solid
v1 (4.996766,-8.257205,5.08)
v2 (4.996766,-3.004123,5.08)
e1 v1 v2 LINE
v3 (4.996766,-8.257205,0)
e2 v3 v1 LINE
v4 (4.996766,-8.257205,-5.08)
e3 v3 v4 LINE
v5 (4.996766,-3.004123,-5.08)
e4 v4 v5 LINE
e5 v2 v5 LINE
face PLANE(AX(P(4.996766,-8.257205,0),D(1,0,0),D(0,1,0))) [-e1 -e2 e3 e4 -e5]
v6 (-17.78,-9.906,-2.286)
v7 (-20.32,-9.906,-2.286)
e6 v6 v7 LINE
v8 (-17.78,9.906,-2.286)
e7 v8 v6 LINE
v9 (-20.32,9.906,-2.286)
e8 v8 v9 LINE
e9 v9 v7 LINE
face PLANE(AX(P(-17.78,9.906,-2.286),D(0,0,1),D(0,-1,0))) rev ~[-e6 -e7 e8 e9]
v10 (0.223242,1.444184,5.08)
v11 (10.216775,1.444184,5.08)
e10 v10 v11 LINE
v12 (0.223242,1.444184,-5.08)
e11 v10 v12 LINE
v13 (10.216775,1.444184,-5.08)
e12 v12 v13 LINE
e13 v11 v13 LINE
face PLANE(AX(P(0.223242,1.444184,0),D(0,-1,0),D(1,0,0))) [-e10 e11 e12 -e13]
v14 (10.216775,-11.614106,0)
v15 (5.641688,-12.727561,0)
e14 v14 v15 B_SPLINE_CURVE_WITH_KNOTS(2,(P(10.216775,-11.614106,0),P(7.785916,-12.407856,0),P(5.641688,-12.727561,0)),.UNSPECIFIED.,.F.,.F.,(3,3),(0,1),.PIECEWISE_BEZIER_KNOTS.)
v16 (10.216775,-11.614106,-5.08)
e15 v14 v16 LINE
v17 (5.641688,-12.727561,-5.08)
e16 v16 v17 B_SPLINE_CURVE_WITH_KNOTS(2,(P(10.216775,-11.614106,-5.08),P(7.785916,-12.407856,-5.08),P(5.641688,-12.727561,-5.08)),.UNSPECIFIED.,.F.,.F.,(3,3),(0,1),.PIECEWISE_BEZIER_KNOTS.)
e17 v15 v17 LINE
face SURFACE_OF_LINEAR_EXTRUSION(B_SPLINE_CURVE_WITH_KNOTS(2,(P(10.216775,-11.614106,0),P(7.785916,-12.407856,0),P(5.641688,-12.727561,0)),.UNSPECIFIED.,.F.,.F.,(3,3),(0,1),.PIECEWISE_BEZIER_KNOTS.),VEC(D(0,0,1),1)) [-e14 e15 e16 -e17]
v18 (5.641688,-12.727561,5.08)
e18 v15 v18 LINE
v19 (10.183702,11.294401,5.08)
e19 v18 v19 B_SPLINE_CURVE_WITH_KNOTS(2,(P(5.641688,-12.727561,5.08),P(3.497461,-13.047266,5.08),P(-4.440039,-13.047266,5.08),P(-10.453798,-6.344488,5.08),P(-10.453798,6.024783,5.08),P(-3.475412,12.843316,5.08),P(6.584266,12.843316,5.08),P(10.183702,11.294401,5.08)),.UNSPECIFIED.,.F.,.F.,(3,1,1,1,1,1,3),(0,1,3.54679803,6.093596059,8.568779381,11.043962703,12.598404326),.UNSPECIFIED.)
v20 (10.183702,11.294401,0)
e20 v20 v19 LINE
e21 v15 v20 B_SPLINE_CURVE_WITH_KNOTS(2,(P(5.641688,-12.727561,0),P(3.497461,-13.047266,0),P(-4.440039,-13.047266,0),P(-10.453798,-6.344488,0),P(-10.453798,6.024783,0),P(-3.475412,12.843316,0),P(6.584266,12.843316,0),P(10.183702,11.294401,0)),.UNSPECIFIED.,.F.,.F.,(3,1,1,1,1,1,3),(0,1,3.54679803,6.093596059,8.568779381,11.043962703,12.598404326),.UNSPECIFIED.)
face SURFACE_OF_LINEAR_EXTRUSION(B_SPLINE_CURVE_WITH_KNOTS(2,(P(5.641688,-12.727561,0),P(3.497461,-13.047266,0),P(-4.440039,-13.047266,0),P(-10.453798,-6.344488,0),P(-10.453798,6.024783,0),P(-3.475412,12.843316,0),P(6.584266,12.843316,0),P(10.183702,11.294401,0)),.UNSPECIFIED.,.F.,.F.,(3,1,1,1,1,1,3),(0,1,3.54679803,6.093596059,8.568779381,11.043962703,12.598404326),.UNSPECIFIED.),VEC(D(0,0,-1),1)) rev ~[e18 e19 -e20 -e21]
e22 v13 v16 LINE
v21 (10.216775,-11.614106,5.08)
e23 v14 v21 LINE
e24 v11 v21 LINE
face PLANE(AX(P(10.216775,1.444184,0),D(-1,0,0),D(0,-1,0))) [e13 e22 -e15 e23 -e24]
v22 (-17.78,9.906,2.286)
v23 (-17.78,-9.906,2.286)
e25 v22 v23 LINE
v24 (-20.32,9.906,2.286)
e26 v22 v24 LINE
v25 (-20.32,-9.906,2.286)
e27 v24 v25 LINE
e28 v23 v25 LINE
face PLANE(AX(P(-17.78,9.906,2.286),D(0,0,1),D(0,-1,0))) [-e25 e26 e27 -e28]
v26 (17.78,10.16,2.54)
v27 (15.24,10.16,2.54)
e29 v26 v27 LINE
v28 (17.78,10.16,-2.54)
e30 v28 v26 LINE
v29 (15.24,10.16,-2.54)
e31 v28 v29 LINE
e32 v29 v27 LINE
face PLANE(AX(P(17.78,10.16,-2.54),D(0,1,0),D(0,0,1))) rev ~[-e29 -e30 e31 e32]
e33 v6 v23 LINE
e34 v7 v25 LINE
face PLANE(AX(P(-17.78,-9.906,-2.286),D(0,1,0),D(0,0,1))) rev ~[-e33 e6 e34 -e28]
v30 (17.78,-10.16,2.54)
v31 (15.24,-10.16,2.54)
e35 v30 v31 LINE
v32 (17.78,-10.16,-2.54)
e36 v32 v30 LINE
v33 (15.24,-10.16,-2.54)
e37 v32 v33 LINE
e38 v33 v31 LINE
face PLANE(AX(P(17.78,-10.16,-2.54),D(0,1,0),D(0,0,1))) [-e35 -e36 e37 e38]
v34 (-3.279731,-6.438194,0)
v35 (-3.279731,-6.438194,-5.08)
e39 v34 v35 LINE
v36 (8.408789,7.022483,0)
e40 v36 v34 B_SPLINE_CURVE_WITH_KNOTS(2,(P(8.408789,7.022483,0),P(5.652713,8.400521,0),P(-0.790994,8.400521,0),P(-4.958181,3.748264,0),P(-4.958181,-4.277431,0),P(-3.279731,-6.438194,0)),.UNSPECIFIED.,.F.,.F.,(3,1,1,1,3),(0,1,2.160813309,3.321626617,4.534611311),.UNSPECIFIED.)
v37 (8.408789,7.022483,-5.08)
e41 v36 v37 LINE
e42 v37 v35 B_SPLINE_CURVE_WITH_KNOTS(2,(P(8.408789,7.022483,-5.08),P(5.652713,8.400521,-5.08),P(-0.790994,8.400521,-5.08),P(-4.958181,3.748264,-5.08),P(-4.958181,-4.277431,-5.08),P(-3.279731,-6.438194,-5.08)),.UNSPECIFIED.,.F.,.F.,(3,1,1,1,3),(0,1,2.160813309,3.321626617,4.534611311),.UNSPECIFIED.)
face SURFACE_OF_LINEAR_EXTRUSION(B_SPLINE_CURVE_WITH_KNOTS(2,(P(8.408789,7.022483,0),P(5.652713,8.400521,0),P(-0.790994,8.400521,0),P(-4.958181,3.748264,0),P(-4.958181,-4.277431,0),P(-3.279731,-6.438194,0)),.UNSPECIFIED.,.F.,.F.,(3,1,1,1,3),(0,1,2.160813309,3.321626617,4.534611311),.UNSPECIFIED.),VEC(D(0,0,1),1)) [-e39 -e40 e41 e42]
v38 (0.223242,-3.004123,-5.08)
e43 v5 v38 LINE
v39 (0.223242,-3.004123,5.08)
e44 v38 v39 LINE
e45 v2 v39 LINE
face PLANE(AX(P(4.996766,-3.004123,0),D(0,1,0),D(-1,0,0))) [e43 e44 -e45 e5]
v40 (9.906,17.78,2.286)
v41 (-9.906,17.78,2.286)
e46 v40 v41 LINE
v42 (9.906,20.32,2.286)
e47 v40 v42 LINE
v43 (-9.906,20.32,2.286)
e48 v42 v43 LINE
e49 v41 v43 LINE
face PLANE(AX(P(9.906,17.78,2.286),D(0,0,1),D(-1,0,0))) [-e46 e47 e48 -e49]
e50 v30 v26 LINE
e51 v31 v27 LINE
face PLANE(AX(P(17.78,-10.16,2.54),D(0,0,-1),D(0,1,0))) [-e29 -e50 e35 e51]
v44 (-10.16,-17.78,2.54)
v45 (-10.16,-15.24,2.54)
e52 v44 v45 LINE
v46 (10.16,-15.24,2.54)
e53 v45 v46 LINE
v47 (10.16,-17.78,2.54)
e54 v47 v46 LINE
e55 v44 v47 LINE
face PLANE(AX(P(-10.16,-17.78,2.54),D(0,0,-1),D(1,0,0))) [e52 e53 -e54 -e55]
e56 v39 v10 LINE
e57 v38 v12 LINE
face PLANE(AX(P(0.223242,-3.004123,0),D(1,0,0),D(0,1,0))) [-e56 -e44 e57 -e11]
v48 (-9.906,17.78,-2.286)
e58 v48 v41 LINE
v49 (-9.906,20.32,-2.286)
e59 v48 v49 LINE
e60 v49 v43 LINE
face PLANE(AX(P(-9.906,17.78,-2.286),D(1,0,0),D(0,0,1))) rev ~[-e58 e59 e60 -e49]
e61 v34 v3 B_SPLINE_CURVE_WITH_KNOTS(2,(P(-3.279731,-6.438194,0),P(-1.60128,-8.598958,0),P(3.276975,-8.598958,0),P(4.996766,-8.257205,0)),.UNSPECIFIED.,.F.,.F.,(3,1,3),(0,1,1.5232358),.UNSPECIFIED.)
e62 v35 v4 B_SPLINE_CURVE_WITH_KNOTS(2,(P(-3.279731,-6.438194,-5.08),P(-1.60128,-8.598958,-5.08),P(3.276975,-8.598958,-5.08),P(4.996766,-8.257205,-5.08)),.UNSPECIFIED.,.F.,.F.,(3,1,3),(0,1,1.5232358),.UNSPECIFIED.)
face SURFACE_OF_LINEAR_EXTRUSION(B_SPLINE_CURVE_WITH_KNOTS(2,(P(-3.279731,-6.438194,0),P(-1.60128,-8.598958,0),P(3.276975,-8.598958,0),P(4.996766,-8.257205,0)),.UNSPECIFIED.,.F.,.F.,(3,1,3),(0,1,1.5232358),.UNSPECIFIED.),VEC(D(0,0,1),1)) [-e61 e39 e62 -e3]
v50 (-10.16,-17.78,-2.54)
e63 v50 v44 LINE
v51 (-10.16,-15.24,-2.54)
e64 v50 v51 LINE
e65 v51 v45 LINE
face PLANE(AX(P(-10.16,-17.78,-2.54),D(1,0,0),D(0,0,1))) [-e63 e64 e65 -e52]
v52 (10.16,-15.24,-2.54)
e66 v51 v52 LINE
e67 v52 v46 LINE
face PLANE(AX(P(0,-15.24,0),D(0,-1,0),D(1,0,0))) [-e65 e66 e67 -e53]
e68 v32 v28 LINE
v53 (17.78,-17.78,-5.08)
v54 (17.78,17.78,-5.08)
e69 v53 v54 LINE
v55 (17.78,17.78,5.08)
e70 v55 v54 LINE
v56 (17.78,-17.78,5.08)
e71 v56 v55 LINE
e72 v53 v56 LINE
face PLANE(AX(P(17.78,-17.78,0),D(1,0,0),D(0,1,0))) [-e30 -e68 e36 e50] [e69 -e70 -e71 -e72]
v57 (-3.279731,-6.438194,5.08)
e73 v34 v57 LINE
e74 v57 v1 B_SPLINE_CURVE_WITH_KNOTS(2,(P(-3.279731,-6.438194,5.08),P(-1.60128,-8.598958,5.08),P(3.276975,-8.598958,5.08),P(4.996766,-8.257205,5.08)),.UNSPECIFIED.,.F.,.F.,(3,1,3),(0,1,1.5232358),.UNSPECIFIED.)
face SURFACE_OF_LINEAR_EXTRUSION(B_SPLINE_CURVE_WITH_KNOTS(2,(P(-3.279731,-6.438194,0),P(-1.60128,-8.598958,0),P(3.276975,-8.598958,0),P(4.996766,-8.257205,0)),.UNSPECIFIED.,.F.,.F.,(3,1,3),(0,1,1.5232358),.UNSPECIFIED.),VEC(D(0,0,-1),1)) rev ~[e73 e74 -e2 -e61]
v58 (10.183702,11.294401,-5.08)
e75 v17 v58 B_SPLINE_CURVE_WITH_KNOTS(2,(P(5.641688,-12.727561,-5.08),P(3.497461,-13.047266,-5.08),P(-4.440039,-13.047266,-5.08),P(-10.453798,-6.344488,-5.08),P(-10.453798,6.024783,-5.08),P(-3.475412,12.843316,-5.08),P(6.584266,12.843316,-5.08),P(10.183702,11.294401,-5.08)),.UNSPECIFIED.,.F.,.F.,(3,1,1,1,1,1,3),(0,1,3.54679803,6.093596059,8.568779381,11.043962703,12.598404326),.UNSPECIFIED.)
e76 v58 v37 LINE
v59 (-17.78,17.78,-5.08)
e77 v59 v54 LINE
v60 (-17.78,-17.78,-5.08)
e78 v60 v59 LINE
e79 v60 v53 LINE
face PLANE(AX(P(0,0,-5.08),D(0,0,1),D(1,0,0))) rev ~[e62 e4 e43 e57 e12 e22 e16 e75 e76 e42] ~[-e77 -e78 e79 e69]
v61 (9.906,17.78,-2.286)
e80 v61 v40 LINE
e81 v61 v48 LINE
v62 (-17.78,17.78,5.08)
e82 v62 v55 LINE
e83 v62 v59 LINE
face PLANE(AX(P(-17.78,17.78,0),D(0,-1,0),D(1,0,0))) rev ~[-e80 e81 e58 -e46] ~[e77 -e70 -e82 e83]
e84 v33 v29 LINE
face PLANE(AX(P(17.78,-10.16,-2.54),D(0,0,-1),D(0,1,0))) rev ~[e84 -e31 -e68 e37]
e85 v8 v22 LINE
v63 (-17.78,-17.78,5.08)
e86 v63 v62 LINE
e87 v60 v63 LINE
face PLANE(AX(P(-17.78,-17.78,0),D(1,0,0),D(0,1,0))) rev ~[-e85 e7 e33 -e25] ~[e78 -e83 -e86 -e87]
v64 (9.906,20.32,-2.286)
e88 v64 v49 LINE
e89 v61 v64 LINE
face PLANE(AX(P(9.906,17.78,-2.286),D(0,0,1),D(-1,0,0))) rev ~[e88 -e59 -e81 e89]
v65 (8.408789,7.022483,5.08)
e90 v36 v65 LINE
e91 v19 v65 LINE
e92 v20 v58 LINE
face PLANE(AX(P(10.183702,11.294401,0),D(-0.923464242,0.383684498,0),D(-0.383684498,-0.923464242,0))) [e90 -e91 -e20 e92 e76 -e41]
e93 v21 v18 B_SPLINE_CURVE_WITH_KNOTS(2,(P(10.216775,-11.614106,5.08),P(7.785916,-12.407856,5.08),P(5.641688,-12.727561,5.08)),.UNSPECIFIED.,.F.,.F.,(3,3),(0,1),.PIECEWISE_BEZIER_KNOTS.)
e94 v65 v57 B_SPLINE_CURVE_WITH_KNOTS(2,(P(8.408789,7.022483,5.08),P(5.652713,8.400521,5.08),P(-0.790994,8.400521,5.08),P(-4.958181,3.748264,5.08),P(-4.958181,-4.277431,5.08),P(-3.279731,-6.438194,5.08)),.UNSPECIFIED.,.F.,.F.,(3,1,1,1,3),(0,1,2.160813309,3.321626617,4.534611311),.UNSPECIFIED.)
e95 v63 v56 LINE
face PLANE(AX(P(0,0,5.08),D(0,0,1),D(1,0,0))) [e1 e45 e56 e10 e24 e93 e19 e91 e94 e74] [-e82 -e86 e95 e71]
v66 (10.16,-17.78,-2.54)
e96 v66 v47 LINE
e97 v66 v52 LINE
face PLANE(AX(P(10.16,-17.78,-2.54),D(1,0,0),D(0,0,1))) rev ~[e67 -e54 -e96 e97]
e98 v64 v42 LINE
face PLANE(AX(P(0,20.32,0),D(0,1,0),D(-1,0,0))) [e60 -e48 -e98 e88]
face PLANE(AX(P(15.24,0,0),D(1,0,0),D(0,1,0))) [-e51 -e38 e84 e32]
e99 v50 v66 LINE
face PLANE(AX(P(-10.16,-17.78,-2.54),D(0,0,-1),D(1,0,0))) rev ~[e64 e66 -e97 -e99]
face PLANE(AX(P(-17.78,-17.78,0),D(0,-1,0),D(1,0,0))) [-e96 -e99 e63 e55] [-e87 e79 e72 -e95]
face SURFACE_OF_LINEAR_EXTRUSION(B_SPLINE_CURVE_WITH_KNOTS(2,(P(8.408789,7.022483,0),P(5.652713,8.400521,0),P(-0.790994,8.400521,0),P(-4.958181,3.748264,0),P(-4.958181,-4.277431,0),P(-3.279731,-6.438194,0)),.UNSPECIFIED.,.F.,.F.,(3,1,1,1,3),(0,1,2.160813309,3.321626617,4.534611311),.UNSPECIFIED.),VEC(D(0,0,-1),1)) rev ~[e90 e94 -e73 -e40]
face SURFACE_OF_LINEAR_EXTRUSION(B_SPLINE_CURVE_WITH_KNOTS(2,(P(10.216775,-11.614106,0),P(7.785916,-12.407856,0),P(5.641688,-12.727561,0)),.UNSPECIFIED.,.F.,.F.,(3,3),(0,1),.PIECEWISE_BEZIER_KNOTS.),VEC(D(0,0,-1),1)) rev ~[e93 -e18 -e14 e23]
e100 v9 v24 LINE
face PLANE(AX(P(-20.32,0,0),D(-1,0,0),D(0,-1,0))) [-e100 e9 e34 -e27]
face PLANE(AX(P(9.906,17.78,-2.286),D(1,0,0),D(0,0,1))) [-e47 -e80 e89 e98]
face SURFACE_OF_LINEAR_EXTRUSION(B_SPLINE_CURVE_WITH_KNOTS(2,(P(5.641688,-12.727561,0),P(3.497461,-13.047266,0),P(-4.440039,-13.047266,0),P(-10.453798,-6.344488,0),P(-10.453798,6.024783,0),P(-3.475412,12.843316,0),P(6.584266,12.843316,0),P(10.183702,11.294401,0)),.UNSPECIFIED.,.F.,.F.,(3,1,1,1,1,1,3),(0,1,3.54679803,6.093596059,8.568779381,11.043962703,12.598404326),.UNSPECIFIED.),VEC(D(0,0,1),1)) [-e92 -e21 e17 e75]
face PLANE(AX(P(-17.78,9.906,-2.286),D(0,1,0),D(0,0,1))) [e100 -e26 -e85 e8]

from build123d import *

# Parameters (mm, degrees)
F0_W     = 35.56
F0_H     = 35.56
F1_DEPTH = 5.08
F2_W     = 19.812
F2_H     = 4.572
F3_DEPTH = 2.54
F4_W     = 19.812
F4_H     = 4.572
F5_DEPTH = 2.54
F6_W     = 20.32
F6_H     = 5.08
F7_DEPTH = 2.54
F8_W     = 20.32
F8_H     = 5.08
F9_DEPTH = 2.54


with BuildPart() as f1:
    # F0 (on Top) → F1 (new body, symmetric)
    with BuildSketch(Plane.XY):
        Rectangle(F0_W, F0_H)
        with BuildLine():
            Line((0.2232421875, -3.0041232639), (0.2232421875, 1.4441840278))
            Line((0.2232421875, 1.4441840278), (10.2167751736, 1.4441840278))
            Line((10.2167751736, 1.4441840278), (10.2167751736, -11.6141059028))
            add(Edge.make_bspline(
                [(10.2167751736, -11.6141059028), (7.7859157986, -12.4078559028), (5.6416883681, -12.7275607639)],
                knots=[0, 0, 0, 1, 1, 1], degree=2))
            add(Edge.make_bspline(
                [(5.6416883681, -12.7275607639), (3.4974609375, -13.047265625), (1.2595269097, -13.047265625)],
                knots=[0, 0, 0, 1, 1, 1], degree=2))
            add(Edge.make_bspline(
                [(1.2595269097, -13.047265625), (-4.4400390625, -13.047265625), (-7.4469184028, -9.6958767361)],
                knots=[0, 0, 0, 1, 1, 1], degree=2))
            add(Edge.make_bspline(
                [(-7.4469184028, -9.6958767361), (-10.4537977431, -6.3444878472), (-10.4537977431, -0.0716579861)],
                knots=[0, 0, 0, 1, 1, 1], degree=2))
            add(Edge.make_bspline(
                [(-10.4537977431, -0.0716579861), (-10.4537977431, 6.0247829861), (-6.9646050347, 9.4340494792)],
                knots=[0, 0, 0, 1, 1, 1], degree=2))
            add(Edge.make_bspline(
                [(-6.9646050347, 9.4340494792), (-3.4754123264, 12.8433159722), (2.7037109375, 12.8433159722)],
                knots=[0, 0, 0, 1, 1, 1], degree=2))
            add(Edge.make_bspline(
                [(2.7037109375, 12.8433159722), (6.5842664931, 12.8433159722), (10.1837022569, 11.2944010417)],
                knots=[0, 0, 0, 1, 1, 1], degree=2))
            Line((10.1837022569, 11.2944010417), (8.4087890625, 7.0224826389))
            add(Edge.make_bspline(
                [(8.4087890625, 7.0224826389), (5.6527126736, 8.4005208333), (2.6706380208, 8.4005208333)],
                knots=[0, 0, 0, 1, 1, 1], degree=2))
            add(Edge.make_bspline(
                [(2.6706380208, 8.4005208333), (-0.7909939236, 8.4005208333), (-2.8745876736, 6.0743923611)],
                knots=[0, 0, 0, 1, 1, 1], degree=2))
            add(Edge.make_bspline(
                [(-2.8745876736, 6.0743923611), (-4.9581814236, 3.7482638889), (-4.9581814236, -0.1763888889)],
                knots=[0, 0, 0, 1, 1, 1], degree=2))
            add(Edge.make_bspline(
                [(-4.9581814236, -0.1763888889), (-4.9581814236, -4.2774305556), (-3.2797309028, -6.4381944444)],
                knots=[0, 0, 0, 1, 1, 1], degree=2))
            add(Edge.make_bspline(
                [(-3.2797309028, -6.4381944444), (-1.6012803819, -8.5989583333), (1.6012803819, -8.5989583333)],
                knots=[0, 0, 0, 1, 1, 1], degree=2))
            add(Edge.make_bspline(
                [(1.6012803819, -8.5989583333), (3.2769748264, -8.5989583333), (4.9967664931, -8.2572048611)],
                knots=[0, 0, 0, 1, 1, 1], degree=2))
            Line((4.9967664931, -8.2572048611), (4.9967664931, -3.0041232639))
            Line((4.9967664931, -3.0041232639), (0.2232421875, -3.0041232639))
        make_face(mode=Mode.SUBTRACT)
    extrude(amount=F1_DEPTH, both=True)

    # F2 (on face) → F3 (join)
    with BuildSketch(Plane(origin=(0, 17.78, 0), x_dir=(-1, 0, 0), z_dir=(0, 1, 0))):
        Rectangle(F2_W, F2_H)
    extrude(amount=F3_DEPTH)

    # F4 (on face) → F5 (join)
    with BuildSketch(Plane(origin=(-17.78, 0, 0), x_dir=(0, -1, 0), z_dir=(-1, 0, 0))):
        Rectangle(F4_W, F4_H)
    extrude(amount=F5_DEPTH)

    # F6 (on face) → F7 (cut)
    with BuildSketch(Plane.XZ.offset(17.78)):
        Rectangle(F6_W, F6_H)
    extrude(amount=-F7_DEPTH, mode=Mode.SUBTRACT)

    # F8 (on face) → F9 (cut)
    with BuildSketch(Plane.YZ.offset(17.78)):
        Rectangle(F8_W, F8_H)
    extrude(amount=-F9_DEPTH, mode=Mode.SUBTRACT)


solid = f1.part
